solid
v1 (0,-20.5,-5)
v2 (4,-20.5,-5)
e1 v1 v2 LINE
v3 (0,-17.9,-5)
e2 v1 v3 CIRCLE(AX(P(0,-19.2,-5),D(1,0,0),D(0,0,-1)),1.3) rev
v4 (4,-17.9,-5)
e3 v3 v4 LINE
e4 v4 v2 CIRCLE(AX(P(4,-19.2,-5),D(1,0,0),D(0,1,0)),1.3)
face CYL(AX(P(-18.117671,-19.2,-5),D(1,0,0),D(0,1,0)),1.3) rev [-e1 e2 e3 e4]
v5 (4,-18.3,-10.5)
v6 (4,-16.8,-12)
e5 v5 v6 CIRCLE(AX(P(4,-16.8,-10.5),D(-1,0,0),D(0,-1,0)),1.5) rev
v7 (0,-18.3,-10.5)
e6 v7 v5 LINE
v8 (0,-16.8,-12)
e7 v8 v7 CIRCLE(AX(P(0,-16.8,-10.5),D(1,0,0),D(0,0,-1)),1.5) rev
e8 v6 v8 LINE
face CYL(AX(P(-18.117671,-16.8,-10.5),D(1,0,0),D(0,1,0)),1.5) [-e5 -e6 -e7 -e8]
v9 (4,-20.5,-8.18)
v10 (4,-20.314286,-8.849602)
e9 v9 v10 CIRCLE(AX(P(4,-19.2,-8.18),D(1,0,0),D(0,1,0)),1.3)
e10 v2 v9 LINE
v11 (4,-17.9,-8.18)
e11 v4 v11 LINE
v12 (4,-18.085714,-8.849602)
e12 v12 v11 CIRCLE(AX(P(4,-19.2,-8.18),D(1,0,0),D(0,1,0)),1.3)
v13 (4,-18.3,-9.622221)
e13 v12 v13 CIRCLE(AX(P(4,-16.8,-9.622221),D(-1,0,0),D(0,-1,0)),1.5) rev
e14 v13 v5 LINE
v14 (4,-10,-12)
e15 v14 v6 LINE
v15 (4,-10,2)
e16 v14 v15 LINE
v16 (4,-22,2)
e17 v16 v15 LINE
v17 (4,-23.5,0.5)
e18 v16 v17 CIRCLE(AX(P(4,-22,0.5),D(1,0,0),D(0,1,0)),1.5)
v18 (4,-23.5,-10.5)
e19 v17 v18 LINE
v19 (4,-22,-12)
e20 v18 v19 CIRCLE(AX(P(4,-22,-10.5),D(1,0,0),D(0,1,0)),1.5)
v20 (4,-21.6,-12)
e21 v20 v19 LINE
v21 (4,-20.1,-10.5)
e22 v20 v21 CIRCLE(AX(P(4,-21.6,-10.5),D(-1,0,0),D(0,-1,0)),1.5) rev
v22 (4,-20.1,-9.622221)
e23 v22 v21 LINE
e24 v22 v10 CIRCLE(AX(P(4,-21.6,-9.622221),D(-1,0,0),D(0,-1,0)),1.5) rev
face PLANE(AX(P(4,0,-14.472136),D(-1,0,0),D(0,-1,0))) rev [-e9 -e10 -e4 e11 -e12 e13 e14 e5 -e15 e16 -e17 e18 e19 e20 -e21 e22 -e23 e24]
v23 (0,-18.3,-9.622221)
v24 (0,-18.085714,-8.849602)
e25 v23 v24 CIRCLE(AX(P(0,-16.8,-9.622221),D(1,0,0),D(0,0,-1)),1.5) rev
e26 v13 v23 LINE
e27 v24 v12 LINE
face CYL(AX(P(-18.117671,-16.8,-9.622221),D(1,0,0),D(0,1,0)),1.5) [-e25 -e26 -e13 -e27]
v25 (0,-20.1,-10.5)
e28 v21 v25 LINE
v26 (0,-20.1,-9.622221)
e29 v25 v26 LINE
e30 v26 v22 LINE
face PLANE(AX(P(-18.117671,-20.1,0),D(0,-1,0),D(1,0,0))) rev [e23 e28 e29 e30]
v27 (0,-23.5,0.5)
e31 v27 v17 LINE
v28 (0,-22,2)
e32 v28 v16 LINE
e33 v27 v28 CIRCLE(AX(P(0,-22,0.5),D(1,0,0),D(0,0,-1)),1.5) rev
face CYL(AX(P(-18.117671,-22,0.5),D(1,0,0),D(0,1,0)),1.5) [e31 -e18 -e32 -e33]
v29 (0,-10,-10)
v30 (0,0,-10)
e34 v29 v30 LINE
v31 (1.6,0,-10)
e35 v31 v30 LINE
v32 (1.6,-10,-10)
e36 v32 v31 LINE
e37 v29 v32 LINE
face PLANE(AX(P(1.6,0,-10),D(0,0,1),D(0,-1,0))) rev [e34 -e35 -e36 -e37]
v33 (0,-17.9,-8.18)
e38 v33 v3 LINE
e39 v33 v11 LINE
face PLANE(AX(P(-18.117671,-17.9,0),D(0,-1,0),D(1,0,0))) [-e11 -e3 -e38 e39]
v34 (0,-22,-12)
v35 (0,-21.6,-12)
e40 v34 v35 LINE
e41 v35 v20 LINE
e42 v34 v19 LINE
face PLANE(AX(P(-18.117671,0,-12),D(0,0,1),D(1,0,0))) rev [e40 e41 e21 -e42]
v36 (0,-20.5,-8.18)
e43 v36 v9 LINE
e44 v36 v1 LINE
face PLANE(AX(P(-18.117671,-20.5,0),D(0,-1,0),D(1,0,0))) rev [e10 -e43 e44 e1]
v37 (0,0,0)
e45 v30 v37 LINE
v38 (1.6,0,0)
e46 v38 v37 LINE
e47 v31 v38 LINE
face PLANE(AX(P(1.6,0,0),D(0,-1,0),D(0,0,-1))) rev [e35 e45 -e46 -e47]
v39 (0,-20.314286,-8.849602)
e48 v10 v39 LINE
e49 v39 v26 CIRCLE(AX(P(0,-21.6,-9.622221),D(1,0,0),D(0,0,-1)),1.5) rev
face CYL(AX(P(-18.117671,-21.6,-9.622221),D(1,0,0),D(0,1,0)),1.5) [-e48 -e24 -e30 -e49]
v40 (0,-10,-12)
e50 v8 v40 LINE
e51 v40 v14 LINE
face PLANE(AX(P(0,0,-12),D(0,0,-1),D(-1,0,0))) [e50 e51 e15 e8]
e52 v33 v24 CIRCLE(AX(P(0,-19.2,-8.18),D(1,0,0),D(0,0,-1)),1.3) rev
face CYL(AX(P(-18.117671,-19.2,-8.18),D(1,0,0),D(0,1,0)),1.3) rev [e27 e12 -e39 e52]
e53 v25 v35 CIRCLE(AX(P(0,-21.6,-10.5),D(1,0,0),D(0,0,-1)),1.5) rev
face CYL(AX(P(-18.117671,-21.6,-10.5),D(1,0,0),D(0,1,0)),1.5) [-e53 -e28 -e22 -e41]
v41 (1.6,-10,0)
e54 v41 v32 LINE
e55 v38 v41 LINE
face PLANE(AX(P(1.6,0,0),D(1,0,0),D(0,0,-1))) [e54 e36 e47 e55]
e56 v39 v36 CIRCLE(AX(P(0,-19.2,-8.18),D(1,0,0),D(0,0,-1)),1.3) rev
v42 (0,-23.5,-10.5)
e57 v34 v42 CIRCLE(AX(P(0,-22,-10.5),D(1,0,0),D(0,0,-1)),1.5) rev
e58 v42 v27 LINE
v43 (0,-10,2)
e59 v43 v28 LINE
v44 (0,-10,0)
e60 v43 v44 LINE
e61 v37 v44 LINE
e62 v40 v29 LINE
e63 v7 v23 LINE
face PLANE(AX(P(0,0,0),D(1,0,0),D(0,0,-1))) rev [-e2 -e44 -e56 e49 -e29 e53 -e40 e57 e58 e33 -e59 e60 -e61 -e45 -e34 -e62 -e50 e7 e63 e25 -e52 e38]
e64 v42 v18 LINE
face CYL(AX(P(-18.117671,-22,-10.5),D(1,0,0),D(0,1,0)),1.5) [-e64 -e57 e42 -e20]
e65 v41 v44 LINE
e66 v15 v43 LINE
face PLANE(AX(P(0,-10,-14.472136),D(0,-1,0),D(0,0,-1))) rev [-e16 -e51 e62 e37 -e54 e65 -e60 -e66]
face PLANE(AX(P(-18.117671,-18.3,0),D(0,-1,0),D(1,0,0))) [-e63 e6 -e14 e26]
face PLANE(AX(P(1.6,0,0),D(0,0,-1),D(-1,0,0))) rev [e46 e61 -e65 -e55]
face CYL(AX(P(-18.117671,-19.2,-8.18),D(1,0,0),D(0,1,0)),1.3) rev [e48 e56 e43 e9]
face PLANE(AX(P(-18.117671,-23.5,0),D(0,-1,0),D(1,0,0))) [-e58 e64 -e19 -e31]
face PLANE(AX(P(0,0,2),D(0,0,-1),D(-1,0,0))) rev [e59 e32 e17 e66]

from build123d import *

# Parameters (mm, degrees)
SKETCH1_W           = 10
SKETCH1_H           = 10
BOSS_EXTRUDE1_DEPTH = 1.6
BOSS_EXTRUDE2_DEPTH = 10
SKETCH3_W           = 4
SKETCH3_H           = 2
BOSS_EXTRUDE3_DEPTH = 2
SKETCH4_W           = 4
SKETCH4_H           = 2
BOSS_EXTRUDE4_DEPTH = 2
BOSS_EXTRUDE5_DEPTH = 4
FILLET2_R           = 1.5


with BuildPart() as part:
    # Sketch1 → Boss-Extrude1 (new body)
    with BuildSketch(Plane(origin=(0, 0, 0), x_dir=(0, 0, -1), z_dir=(1, 0, 0))):
        with Locations((5, -5)):
            Rectangle(SKETCH1_W, SKETCH1_H)
    extrude(amount=BOSS_EXTRUDE1_DEPTH)

    # Sketch2 → Boss-Extrude2 (add)
    with BuildSketch(Plane.XY):
        Polygon((1.2, -12), (0, -12), (0, -10), (1.6, -10), (4, -10), (4, -12), (2.8, -12), align=None)
    extrude(amount=-BOSS_EXTRUDE2_DEPTH)

    # Sketch3 → Boss-Extrude3 (add)
    with BuildSketch(Plane.XY):
        with Locations((2, -11)):
            Rectangle(SKETCH3_W, SKETCH3_H)
    extrude(amount=BOSS_EXTRUDE3_DEPTH)

    # Sketch4 → Boss-Extrude4 (add)
    with BuildSketch(Plane(origin=(0, 0, -10), x_dir=(-1, 0, 0), z_dir=(0, 0, -1))):
        with Locations((-2, -11)):
            Rectangle(SKETCH4_W, SKETCH4_H)
    extrude(amount=BOSS_EXTRUDE4_DEPTH)

    # Sketch5 → Boss-Extrude5 (add)
    with BuildSketch(Plane(origin=(4, 0, 0), x_dir=(0, 0, -1), z_dir=(1, 0, 0))):
        with BuildLine():
            Line((12, -12), (-2, -12))
            Line((-2, -12), (-2, -16.665516671))
            Line((-2, -16.665516671), (-2, -18.3))
            Line((-2, -18.3), (-2, -20.1))
            Line((-2, -20.1), (-2, -22))
            ThreePointArc((-2, -22), (-1.560660172, -23.060660172), (-0.5, -23.5))
            Line((-0.5, -23.5), (10.5, -23.5))
            ThreePointArc((10.5, -23.5), (11.560660172, -23.060660172), (12, -22))
            Line((12, -22), (12, -20.1))
            Line((12, -20.1), (9.118083152, -20.1))
            ThreePointArc((9.118083152, -20.1), (8.689901951, -20.395826074), (8.18, -20.5))
            Line((8.18, -20.5), (5, -20.5))
            ThreePointArc((5, -20.5), (3.7, -19.2), (5, -17.9))
            Line((5, -17.9), (8.18, -17.9))
            ThreePointArc((8.18, -17.9), (8.689901951, -18.004173926), (9.118083152, -18.3))
            Line((9.118083152, -18.3), (12, -18.3))
            Line((12, -18.3), (12, -12))
        make_face()
    extrude(amount=-BOSS_EXTRUDE5_DEPTH)

    # Fillet2
    fillet2_edges = [part.edges().sort_by_distance(p)[0] for p in [
        (2, -18.3, -12),
        (2, -18.3, -9.118083152),
        (2, -20.1, -9.118083152),
        (2, -20.1, -12),
    ]]
    fillet(fillet2_edges, radius=FILLET2_R)


solid = part.part
